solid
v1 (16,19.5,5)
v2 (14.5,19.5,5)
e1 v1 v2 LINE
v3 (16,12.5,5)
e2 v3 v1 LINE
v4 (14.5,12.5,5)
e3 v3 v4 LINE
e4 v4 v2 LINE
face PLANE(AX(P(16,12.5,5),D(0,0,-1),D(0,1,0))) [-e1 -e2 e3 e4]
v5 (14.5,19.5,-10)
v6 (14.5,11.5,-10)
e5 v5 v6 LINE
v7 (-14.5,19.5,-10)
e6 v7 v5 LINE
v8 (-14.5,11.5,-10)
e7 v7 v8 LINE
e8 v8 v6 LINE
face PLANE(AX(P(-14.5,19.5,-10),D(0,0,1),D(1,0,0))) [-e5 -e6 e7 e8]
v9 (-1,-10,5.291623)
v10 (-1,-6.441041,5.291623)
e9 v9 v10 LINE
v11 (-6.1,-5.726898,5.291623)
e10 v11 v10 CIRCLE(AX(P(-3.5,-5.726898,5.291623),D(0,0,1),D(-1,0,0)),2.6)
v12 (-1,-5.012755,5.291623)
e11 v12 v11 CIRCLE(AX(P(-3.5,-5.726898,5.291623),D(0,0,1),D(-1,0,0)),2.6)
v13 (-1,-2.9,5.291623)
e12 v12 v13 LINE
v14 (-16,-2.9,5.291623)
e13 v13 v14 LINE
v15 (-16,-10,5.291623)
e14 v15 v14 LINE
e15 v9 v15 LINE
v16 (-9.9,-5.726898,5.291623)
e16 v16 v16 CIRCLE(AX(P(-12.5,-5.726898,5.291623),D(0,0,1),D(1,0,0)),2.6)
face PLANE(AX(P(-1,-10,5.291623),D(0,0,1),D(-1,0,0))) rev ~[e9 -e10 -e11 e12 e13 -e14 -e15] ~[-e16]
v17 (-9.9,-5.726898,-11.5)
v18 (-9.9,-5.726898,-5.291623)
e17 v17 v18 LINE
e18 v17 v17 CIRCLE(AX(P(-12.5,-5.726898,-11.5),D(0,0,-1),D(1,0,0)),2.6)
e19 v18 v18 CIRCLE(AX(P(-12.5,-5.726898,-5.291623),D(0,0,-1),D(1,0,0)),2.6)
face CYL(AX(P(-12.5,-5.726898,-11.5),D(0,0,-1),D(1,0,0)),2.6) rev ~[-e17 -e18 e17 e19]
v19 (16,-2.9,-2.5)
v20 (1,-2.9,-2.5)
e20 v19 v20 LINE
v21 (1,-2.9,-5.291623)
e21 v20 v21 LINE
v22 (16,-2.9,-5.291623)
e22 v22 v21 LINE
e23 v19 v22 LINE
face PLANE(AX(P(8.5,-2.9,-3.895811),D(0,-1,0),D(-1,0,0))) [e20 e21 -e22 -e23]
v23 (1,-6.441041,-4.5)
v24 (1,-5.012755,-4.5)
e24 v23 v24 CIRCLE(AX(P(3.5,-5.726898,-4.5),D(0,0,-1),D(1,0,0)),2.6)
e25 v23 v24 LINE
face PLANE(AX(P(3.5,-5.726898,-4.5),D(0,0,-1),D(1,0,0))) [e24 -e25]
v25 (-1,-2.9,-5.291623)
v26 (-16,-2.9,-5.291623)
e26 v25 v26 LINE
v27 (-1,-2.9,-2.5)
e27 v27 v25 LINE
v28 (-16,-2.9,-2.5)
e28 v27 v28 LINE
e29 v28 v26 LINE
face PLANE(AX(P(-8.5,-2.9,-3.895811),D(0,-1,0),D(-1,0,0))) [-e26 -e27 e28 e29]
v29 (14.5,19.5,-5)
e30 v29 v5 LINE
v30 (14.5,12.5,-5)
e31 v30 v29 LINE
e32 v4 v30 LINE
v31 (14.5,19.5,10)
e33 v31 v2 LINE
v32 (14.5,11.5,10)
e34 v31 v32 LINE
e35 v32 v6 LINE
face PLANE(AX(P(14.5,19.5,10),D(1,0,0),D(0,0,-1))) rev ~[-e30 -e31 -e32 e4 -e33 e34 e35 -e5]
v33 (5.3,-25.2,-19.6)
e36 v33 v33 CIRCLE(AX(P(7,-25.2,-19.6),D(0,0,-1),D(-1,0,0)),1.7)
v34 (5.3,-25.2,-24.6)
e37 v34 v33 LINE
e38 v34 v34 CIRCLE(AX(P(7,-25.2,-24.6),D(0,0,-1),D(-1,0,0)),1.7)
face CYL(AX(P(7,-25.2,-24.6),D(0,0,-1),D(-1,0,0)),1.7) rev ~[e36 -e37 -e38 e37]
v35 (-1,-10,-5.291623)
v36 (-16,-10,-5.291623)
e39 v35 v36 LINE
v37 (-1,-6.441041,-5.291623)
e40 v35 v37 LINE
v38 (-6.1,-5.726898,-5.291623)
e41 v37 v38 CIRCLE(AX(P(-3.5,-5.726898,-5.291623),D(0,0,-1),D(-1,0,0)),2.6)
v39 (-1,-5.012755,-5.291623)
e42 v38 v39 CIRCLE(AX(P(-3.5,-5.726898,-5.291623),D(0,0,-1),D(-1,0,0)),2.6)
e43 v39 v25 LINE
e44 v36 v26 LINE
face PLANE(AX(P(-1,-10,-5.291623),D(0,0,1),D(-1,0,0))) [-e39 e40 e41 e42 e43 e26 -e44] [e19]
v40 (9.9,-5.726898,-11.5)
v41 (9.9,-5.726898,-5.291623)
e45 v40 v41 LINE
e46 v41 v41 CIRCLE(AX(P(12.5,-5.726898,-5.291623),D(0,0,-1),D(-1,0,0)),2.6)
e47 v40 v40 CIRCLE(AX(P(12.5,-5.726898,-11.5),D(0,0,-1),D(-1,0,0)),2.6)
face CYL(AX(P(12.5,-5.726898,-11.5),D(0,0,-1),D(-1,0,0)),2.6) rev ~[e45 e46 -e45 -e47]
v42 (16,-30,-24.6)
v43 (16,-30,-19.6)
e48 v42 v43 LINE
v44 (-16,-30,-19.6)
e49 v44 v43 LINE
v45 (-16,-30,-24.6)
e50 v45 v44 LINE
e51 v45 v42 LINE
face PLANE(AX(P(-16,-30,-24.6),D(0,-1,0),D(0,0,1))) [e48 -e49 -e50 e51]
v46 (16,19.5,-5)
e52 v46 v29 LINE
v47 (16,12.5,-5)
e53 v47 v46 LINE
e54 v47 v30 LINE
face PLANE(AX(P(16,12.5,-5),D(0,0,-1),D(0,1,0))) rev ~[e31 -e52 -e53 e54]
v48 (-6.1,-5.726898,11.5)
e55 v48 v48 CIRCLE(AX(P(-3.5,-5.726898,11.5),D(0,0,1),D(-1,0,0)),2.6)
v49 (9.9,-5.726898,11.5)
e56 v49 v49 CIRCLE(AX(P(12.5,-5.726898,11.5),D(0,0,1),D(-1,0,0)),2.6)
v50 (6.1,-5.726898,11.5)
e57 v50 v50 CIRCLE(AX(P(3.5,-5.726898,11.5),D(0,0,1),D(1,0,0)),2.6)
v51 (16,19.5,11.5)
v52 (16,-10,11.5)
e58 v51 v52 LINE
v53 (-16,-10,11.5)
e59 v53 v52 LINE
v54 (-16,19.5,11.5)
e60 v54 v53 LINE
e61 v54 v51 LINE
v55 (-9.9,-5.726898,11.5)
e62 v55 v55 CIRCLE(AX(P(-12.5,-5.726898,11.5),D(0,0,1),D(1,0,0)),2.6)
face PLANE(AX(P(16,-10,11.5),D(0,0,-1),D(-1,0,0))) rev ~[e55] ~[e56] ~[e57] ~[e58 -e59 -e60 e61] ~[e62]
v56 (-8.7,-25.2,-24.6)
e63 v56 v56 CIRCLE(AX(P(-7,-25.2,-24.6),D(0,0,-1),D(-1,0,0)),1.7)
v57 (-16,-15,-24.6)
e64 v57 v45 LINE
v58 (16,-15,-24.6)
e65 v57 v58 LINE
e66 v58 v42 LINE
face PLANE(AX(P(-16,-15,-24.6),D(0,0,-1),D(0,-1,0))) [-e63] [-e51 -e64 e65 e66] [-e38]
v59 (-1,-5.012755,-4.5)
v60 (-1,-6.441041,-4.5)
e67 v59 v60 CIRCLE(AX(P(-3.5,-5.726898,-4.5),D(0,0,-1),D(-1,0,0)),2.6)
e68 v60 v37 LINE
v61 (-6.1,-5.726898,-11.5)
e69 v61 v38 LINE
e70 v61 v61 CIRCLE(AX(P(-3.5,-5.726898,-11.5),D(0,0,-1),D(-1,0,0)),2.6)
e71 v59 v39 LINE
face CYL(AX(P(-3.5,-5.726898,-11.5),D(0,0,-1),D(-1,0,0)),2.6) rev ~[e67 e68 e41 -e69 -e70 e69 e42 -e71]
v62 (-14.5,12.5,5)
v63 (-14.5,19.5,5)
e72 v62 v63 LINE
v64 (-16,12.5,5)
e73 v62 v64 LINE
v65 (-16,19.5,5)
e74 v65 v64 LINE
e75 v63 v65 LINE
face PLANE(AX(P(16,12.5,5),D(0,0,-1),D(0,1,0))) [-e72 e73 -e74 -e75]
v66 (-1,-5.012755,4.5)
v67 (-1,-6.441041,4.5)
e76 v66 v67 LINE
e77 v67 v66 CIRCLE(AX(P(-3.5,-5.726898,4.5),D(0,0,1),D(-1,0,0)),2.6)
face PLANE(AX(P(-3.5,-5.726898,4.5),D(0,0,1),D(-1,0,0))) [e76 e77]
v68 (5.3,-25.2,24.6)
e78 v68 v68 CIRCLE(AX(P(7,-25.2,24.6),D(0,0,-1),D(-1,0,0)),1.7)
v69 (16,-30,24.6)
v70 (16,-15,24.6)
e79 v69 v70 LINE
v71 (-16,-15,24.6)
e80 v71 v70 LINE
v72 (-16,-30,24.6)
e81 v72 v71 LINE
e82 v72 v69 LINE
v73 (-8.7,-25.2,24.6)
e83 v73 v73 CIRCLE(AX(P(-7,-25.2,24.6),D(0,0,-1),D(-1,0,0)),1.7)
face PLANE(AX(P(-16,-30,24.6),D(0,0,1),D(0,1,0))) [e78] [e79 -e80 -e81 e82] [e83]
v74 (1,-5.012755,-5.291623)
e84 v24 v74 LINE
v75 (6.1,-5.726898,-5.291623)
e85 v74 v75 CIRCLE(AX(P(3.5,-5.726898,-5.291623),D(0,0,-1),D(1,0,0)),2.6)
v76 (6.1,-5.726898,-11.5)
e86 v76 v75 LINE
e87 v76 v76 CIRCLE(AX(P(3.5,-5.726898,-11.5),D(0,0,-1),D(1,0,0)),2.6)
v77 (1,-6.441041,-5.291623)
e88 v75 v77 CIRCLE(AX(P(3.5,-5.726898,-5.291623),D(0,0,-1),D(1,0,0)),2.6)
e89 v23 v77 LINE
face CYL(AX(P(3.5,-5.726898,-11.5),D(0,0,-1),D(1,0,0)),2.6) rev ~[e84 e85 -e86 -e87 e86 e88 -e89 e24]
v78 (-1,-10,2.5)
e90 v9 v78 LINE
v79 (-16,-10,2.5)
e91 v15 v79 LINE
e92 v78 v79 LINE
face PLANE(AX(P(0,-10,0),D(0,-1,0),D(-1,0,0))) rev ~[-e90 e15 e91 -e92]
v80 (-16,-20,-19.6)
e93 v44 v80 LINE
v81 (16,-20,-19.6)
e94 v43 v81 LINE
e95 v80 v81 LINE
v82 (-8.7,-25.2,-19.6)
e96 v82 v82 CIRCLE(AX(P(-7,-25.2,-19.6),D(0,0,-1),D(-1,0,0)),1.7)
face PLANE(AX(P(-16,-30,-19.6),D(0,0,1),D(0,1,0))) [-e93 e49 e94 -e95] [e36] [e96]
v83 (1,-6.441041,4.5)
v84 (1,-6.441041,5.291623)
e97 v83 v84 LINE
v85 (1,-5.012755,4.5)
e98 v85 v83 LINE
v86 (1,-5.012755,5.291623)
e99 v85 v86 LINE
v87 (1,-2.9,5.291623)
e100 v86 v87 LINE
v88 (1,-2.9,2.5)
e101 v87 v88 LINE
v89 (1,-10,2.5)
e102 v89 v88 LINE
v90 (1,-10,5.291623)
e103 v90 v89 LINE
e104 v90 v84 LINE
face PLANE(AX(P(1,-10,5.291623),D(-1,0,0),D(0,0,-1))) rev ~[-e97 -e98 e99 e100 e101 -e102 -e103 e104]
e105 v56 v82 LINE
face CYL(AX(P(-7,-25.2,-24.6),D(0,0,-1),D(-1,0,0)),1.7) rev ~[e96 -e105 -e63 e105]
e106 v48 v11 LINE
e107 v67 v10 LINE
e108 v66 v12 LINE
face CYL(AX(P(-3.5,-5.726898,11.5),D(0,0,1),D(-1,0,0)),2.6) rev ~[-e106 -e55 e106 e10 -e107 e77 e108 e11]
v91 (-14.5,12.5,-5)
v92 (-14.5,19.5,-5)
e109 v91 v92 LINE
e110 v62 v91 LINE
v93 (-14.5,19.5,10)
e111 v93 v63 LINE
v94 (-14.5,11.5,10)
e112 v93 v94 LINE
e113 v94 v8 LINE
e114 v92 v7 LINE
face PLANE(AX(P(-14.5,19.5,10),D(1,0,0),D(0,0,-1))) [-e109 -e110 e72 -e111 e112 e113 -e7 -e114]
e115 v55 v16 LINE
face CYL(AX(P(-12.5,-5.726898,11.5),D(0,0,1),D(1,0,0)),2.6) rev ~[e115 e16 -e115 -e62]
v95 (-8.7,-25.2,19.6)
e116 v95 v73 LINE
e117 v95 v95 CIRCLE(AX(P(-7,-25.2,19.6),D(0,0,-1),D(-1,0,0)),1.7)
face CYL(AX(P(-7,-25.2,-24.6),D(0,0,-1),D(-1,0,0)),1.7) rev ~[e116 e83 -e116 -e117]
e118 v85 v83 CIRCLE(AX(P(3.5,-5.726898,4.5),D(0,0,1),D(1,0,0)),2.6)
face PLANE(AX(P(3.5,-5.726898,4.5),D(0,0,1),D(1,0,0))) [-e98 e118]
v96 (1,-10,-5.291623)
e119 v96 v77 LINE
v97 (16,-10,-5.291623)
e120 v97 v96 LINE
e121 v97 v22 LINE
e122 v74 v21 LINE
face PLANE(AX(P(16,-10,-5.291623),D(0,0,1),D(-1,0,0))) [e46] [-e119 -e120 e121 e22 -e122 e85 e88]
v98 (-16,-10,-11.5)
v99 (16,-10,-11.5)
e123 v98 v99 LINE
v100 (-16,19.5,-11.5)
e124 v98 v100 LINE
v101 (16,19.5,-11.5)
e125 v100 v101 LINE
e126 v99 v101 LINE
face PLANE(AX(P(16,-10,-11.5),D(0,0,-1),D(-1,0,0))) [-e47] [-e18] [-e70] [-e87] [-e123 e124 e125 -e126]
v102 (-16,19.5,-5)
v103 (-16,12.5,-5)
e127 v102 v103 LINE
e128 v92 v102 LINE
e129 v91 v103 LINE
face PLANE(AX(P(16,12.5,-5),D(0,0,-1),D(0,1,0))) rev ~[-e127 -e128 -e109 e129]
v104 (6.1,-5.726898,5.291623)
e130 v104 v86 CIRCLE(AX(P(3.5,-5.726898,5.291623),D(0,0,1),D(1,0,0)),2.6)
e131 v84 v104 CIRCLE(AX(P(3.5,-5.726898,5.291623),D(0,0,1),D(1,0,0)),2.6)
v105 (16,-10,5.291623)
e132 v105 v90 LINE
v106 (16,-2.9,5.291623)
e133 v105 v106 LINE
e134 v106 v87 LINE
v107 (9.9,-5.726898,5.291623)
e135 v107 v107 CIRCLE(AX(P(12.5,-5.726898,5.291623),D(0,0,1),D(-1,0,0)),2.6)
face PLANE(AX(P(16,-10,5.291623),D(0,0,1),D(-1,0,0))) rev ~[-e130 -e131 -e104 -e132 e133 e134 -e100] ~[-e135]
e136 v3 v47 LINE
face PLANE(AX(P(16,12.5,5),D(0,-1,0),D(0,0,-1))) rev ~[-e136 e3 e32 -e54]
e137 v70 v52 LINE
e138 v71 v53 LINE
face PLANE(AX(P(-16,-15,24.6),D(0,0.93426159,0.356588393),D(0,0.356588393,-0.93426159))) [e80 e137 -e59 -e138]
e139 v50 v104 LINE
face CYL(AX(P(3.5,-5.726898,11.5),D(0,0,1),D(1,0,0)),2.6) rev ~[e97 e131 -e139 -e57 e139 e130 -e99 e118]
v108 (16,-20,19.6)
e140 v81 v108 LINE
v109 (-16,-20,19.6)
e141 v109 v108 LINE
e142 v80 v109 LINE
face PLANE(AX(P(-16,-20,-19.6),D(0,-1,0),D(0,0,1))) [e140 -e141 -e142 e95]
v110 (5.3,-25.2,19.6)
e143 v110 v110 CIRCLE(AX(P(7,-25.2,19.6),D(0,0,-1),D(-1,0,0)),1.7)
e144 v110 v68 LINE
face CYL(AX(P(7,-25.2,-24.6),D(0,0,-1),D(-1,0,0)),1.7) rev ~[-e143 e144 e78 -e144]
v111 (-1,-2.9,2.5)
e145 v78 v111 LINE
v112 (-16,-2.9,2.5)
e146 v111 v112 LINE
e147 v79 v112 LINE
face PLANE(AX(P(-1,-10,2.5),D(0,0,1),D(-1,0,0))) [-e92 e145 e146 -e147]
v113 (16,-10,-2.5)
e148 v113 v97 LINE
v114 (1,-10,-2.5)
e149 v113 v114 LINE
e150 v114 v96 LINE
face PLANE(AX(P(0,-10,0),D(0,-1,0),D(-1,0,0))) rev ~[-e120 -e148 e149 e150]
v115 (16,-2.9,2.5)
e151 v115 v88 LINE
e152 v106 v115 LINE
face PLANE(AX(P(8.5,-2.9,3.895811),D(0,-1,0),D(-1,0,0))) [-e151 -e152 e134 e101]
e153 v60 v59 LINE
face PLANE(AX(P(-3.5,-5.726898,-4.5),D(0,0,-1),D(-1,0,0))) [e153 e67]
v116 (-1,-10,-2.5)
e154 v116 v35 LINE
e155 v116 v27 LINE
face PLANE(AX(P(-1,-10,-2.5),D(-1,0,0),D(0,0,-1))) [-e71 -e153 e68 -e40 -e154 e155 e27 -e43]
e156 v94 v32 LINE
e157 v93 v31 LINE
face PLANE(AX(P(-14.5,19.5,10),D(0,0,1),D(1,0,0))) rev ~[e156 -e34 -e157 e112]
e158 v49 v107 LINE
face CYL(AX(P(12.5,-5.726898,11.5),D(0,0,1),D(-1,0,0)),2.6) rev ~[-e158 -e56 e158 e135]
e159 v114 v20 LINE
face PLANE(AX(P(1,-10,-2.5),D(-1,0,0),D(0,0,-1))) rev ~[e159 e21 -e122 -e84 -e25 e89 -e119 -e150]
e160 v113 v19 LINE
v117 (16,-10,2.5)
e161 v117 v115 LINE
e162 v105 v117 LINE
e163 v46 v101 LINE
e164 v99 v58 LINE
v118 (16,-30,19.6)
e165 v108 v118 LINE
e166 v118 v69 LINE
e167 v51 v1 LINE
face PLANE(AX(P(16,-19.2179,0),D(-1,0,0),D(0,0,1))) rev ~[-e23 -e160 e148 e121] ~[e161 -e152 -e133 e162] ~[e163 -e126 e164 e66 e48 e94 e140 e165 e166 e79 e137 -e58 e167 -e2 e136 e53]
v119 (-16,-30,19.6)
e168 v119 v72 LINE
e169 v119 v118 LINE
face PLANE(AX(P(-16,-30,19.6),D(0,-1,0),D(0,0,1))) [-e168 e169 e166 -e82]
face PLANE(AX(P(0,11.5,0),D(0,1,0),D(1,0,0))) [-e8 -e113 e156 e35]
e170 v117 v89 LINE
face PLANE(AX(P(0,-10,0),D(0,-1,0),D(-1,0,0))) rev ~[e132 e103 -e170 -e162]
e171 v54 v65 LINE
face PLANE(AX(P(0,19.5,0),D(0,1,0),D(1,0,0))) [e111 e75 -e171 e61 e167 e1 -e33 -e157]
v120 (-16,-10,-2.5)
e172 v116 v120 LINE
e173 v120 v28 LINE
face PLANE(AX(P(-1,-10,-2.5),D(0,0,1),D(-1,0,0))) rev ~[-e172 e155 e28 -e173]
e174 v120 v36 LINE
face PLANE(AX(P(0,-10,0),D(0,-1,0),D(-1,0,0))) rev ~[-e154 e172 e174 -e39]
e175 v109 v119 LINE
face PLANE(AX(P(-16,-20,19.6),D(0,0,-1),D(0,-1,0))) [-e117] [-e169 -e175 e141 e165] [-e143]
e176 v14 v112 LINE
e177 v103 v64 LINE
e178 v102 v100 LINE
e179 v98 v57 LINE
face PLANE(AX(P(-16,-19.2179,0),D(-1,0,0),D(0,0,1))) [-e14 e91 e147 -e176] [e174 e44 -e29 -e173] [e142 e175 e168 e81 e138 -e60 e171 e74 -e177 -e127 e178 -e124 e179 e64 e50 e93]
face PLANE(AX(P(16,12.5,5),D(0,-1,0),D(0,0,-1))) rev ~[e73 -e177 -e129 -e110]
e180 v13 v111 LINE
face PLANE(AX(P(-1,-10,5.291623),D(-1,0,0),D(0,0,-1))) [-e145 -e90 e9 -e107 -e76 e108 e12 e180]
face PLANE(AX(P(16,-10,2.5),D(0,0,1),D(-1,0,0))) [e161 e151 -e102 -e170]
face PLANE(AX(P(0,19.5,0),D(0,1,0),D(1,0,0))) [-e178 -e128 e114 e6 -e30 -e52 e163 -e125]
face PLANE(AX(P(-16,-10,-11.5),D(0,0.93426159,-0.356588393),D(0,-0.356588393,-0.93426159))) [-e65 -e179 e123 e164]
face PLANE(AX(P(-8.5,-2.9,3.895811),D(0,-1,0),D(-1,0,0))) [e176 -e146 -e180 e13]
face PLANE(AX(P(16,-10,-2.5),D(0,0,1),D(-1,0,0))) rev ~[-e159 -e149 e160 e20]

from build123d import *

# Parameters (mm, degrees)
SKETCH4_W           = 32
SKETCH4_H           = 23
BOSS_EXTRUDE3_DEPTH = 19.5
SKETCH5_W           = 29
SKETCH5_H           = 20
CUT_EXTRUDE2_DEPTH  = 8
SKETCH7_W           = 10
SKETCH7_H           = 7
CUT_EXTRUDE4_DEPTH  = 40.198214245
SKETCH8_W           = 32
SKETCH8_H           = 23
BOSS_EXTRUDE4_DEPTH = 10
SKETCH12_R          = 2.6
CUT_EXTRUDE5_DEPTH  = 7
CIRPATTERN1_COUNT   = 2
CIRPATTERN1_ANGLE   = 180
SKETCH13_W          = 15
SKETCH13_H          = 2.791622882
CUT_EXTRUDE6_DEPTH  = 7.1
SKETCH14_W          = 32
SKETCH14_H          = 23
BOSS_EXTRUDE5_DEPTH = 5
BOSS_EXTRUDE6_DEPTH = 32
SKETCH16_R          = 1.7
CUT_EXTRUDE7_DEPTH  = 60.805016512


with BuildPart() as part:
    # Sketch4 → Boss-Extrude3 (new body)
    with BuildSketch(Plane(origin=(0, 0, 0), x_dir=(1, 0, 0), z_dir=(0, 1, 0))):
        Rectangle(SKETCH4_W, SKETCH4_H)
    extrude(amount=BOSS_EXTRUDE3_DEPTH)

    # Sketch5 → Cut-Extrude2 (cut)
    with BuildSketch(Plane(origin=(0, 19.5, 0), x_dir=(1, 0, 0), z_dir=(0, 1, 0))):
        Rectangle(SKETCH5_W, SKETCH5_H)
    extrude(amount=-CUT_EXTRUDE2_DEPTH, mode=Mode.SUBTRACT)

    # Sketch7 → Cut-Extrude4 (cut, through all)
    with BuildSketch(Plane(origin=(16, 0, 0), x_dir=(0, 0, -1), z_dir=(1, 0, 0))):
        with Locations((0, 16)):
            Rectangle(SKETCH7_W, SKETCH7_H)
    extrude(amount=-CUT_EXTRUDE4_DEPTH, mode=Mode.SUBTRACT)

    # Sketch8 → Boss-Extrude4 (add)
    with BuildSketch(Plane(origin=(0, 0, 0), x_dir=(-1, 0, 0), z_dir=(0, -1, 0))):
        Rectangle(SKETCH8_W, SKETCH8_H)
    extrude(amount=BOSS_EXTRUDE4_DEPTH)

    # Sketch12 → Cut-Extrude5 (cut)
    with BuildSketch(Plane(origin=(0, 0, -11.5), x_dir=(-1, 0, 0), z_dir=(0, 0, -1))):
        with Locations((-12.5, -5.726898225)):
            Circle(SKETCH12_R)
        with Locations(Location((-3.5, -5.726898225, 0), (0, 0, 180))):
            Circle(SKETCH12_R)
        with Locations((3.5, -5.726898225)):
            Circle(SKETCH12_R)
        with Locations(Location((12.5, -5.726898225, 0), (0, 0, 180))):
            Circle(SKETCH12_R)
    cut_extrude5 = extrude(amount=-CUT_EXTRUDE5_DEPTH, mode=Mode.SUBTRACT)

    # CirPattern1: Cut-Extrude5 ×2 about axis
    cirpattern1_axis = Axis((0, 11.5, 0), (0, -1, 0))
    for i in range(1, CIRPATTERN1_COUNT):
        add(cut_extrude5.rotate(cirpattern1_axis, i * CIRPATTERN1_ANGLE / (CIRPATTERN1_COUNT - 1)), mode=Mode.SUBTRACT)

    # Sketch13 → Cut-Extrude6 (cut)
    with BuildSketch(Plane(origin=(0, -10, 0), x_dir=(-1, 0, 0), z_dir=(0, -1, 0))):
        with Locations((8.5, 3.895811441)):
            Rectangle(SKETCH13_W, SKETCH13_H)
        with Locations((-8.5, 3.895811441)):
            Rectangle(SKETCH13_W, SKETCH13_H)
        with Locations((-8.5, -3.895811441)):
            Rectangle(SKETCH13_W, SKETCH13_H)
        with Locations((8.5, -3.895811441)):
            Rectangle(SKETCH13_W, SKETCH13_H)
    extrude(amount=-CUT_EXTRUDE6_DEPTH, mode=Mode.SUBTRACT)

    # Sketch14 → Boss-Extrude5 (add)
    with BuildSketch(Plane(origin=(0, -10, 0), x_dir=(-1, 0, 0), z_dir=(0, -1, 0))):
        Rectangle(SKETCH14_W, SKETCH14_H)
    extrude(amount=BOSS_EXTRUDE5_DEPTH)

    # Sketch15 → Boss-Extrude6 (add)
    with BuildSketch(Plane.ZY.offset(16)):
        Polygon((-24.6, -15), (-24.6, -30), (-19.6, -30), (-19.6, -20), (19.6, -20), (19.6, -30), (24.6, -30), (24.6, -15), (11.5, -10), (11.5, -15), (-11.5, -15), (-11.5, -10), align=None)
    extrude(amount=-BOSS_EXTRUDE6_DEPTH)

    # Sketch16 → Cut-Extrude7 (cut, through all)
    with BuildSketch(Plane(origin=(0, 0, -24.6), x_dir=(-1, 0, 0), z_dir=(0, 0, -1))):
        with Locations((7, -25.2)):
            Circle(SKETCH16_R)
        with Locations((-7, -25.2)):
            Circle(SKETCH16_R)
    extrude(amount=-CUT_EXTRUDE7_DEPTH, mode=Mode.SUBTRACT)


solid = part.part
